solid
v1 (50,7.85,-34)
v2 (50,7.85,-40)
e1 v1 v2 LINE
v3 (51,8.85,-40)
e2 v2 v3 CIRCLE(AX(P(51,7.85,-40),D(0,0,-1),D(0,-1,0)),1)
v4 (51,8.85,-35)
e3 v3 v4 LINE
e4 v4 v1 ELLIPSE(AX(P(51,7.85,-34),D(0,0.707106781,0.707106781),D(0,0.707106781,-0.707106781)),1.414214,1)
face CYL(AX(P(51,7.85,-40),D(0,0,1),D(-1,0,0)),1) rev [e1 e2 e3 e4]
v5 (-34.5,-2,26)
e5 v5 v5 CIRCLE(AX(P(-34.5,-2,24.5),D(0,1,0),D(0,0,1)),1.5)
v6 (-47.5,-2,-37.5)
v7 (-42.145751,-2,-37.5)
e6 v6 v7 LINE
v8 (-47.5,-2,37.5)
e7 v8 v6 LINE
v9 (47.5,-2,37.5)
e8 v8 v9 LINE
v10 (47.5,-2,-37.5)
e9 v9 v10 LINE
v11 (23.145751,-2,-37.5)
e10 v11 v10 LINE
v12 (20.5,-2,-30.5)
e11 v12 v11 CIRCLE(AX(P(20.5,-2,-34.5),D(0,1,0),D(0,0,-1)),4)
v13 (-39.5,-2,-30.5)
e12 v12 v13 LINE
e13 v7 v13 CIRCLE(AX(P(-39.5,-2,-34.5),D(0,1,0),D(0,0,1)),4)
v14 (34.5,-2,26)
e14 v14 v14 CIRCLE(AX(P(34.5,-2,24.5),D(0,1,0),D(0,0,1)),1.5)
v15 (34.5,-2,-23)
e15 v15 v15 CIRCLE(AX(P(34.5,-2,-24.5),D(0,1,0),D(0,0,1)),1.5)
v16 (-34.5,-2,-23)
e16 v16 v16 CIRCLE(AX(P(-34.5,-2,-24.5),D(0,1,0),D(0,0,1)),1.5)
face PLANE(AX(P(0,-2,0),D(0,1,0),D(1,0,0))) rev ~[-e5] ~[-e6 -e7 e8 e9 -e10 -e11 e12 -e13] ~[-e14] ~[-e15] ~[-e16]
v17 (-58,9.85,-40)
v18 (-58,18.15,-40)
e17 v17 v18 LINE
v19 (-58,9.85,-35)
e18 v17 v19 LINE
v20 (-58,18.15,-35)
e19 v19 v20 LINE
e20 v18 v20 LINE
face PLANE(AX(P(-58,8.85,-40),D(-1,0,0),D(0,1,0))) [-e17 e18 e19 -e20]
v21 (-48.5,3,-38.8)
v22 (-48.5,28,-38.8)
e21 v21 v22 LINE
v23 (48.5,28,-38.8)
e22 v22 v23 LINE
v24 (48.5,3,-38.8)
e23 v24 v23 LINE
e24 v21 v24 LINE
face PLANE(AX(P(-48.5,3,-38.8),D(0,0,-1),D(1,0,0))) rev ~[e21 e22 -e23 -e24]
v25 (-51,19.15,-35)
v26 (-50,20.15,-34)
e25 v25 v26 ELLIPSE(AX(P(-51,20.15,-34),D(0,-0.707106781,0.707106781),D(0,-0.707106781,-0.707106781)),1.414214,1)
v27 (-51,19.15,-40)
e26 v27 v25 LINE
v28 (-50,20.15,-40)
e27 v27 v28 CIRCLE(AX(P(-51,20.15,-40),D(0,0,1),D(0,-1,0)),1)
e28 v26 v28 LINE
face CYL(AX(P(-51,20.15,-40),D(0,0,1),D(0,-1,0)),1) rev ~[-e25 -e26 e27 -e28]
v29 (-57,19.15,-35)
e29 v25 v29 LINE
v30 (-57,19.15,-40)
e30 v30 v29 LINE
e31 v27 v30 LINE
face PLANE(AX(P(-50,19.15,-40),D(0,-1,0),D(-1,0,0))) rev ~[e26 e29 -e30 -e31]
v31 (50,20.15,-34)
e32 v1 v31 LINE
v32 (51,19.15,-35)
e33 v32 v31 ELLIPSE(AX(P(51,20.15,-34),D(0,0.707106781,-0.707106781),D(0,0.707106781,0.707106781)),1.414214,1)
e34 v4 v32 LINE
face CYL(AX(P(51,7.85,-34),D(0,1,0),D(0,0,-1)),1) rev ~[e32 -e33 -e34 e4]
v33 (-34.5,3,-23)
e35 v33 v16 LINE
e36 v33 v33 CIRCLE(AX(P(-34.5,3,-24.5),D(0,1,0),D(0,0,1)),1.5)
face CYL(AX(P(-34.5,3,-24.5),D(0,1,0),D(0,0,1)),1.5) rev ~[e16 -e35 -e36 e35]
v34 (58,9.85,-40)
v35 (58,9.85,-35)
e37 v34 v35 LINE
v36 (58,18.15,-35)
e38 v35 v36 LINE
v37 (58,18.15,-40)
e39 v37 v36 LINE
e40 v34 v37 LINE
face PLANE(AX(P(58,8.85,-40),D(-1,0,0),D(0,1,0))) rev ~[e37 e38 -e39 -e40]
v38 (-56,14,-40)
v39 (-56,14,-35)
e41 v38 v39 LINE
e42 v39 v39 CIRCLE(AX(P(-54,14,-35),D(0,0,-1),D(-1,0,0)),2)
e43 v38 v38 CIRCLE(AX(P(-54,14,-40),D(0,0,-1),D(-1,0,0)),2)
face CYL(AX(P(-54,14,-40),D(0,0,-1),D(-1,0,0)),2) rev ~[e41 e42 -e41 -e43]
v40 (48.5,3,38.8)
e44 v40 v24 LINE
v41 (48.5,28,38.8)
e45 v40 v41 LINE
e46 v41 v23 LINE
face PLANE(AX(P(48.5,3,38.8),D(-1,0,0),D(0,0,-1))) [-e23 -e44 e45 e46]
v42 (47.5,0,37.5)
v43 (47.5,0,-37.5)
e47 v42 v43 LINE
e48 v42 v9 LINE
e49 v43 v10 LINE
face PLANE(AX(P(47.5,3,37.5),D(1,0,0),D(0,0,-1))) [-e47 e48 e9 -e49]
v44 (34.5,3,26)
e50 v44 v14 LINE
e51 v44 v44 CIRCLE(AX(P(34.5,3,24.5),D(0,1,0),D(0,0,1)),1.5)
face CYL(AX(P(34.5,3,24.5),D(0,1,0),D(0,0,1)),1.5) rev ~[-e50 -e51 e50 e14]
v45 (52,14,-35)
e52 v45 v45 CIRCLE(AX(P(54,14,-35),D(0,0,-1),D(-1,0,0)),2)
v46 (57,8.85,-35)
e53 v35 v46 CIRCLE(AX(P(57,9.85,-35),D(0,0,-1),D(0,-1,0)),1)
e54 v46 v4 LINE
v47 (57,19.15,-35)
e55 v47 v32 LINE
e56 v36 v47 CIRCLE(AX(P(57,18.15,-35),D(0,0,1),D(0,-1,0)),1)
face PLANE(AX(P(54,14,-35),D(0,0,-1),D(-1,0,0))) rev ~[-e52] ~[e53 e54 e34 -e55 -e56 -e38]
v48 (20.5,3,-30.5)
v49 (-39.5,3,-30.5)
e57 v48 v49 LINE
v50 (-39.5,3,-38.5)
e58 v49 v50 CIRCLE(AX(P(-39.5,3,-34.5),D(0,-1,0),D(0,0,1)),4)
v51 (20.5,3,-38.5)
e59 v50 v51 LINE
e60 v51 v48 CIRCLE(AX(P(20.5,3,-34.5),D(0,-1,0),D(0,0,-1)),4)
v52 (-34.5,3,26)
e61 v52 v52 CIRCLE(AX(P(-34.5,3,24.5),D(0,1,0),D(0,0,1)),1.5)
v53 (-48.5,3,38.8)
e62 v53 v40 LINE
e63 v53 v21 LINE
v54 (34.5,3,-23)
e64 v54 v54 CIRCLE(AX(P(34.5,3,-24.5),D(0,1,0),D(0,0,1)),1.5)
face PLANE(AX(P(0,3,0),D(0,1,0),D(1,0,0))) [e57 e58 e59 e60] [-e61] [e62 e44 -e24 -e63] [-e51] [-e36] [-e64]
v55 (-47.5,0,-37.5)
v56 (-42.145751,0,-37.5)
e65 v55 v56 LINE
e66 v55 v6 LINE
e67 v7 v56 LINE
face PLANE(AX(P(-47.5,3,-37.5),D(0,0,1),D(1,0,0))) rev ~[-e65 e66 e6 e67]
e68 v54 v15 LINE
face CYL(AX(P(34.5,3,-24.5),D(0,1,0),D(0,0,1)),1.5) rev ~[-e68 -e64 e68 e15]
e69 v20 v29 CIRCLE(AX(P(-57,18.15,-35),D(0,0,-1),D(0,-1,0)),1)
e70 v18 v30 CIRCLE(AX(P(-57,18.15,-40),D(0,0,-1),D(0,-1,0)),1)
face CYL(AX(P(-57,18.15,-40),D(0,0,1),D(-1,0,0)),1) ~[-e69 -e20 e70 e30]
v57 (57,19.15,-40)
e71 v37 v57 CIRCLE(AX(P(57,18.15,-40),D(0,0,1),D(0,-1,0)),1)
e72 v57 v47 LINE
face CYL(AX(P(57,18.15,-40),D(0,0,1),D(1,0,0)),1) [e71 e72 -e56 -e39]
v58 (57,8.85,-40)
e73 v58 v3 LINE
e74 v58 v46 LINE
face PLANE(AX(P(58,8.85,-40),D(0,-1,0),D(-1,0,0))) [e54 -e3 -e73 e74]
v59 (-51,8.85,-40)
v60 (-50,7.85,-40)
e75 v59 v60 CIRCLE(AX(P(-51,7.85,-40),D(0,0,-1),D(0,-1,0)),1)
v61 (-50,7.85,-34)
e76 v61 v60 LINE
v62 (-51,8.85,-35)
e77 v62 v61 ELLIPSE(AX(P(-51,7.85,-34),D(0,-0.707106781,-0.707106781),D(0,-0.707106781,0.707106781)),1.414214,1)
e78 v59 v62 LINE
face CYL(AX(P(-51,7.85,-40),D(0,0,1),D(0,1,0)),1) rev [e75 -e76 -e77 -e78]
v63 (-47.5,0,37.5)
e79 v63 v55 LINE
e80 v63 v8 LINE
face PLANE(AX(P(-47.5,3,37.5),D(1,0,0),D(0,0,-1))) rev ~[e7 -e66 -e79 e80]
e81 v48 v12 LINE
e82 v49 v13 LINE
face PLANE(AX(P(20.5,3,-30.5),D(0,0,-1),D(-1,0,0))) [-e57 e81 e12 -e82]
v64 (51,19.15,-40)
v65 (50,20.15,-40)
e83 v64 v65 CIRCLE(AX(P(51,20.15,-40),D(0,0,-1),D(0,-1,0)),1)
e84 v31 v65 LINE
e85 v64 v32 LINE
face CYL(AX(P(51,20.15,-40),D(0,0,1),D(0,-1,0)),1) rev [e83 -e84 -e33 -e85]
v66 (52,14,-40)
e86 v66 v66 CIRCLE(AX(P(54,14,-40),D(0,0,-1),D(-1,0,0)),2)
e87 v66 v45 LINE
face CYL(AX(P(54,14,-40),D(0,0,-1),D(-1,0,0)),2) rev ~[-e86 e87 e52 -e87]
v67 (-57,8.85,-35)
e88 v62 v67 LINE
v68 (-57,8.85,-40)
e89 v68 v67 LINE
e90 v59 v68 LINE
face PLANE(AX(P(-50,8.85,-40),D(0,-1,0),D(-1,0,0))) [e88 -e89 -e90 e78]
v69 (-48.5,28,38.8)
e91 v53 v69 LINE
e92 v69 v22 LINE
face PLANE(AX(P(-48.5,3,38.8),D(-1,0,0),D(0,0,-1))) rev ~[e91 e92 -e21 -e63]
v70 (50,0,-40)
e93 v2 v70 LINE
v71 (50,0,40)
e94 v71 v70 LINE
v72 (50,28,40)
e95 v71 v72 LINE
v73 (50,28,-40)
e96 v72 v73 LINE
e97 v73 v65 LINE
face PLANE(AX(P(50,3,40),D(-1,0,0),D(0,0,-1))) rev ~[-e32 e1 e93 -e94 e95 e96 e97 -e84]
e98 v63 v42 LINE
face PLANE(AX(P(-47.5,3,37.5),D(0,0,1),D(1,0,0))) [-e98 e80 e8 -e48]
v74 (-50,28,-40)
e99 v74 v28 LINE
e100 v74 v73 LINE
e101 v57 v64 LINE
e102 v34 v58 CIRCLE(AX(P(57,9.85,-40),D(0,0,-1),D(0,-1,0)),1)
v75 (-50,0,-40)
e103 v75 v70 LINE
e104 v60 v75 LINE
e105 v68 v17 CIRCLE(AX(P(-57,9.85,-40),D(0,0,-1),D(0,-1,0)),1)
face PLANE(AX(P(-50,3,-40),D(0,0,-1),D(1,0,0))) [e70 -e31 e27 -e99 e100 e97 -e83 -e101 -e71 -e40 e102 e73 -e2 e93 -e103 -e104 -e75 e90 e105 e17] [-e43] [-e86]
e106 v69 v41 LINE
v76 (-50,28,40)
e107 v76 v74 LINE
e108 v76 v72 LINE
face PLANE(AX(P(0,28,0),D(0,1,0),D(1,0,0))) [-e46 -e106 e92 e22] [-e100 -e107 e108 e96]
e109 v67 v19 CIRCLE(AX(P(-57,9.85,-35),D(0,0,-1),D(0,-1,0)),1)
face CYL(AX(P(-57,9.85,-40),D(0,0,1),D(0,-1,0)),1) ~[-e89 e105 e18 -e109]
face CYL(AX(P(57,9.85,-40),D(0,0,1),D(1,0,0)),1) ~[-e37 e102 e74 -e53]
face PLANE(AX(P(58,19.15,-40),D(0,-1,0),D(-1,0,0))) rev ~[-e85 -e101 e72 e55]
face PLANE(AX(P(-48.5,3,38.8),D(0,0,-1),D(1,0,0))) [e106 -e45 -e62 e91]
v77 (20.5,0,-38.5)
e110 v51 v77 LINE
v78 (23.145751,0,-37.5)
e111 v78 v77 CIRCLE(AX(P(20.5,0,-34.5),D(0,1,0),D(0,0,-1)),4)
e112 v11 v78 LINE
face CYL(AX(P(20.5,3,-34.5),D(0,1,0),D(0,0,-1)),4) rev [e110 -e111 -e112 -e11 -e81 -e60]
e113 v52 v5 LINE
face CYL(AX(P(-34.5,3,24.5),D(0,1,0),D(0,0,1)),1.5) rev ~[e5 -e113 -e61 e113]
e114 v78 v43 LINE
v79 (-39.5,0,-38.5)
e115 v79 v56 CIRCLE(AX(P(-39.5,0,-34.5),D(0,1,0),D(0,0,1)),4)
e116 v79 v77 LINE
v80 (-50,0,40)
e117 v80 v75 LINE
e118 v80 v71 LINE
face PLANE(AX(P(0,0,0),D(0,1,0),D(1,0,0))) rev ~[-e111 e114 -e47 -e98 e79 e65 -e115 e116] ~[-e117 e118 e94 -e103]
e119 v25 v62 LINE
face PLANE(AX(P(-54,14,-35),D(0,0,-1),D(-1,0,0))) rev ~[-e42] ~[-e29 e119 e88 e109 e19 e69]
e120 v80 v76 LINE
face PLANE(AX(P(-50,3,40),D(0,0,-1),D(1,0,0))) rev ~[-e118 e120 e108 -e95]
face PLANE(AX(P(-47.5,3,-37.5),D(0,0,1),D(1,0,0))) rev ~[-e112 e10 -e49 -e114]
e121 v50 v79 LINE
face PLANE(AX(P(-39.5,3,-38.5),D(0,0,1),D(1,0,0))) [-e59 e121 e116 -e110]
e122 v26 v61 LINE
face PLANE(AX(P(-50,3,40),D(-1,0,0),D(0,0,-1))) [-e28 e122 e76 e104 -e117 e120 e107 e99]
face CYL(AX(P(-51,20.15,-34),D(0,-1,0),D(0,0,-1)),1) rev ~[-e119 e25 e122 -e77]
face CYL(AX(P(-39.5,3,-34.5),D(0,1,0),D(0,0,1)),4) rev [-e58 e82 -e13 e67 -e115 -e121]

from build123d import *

# Parameters (mm, degrees)
SKETCH1_W           = 100
SKETCH1_H           = 80
BOSS_EXTRUDE1_DEPTH = 3
SKETCH2_W           = 100
SKETCH2_H           = 80
SKETCH2_W_2         = 97
SKETCH2_H_2         = 77.6
BOSS_EXTRUDE2_DEPTH = 25
SKETCH3_R           = 1.5
CUT_EXTRUDE1_DEPTH  = 40
SKETCH4_W           = 95
SKETCH4_H           = 75
BOSS_EXTRUDE3_DEPTH = 5
SKETCH3_2_R         = 1.5
CUT_EXTRUDE2_DEPTH  = 12
SKETCH6_W           = 8
SKETCH6_H           = 10.3
SKETCH6_R           = 2
BOSS_EXTRUDE4_DEPTH = 5
FILLET1_R           = 1
FILLET2_R           = 1
FILLET3_R           = 1
FILLET4_R           = 1
FILLET5_R           = 1
FILLET6_R           = 1
FILLET7_R           = 1
FILLET8_R           = 1
FILLET9_R           = 1
FILLET10_R          = 1


with BuildPart() as part:
    # Sketch1 → Boss-Extrude1 (new body)
    with BuildSketch(Plane(origin=(0, 0, 0), x_dir=(1, 0, 0), z_dir=(0, 1, 0))):
        Rectangle(SKETCH1_W, SKETCH1_H)
    extrude(amount=BOSS_EXTRUDE1_DEPTH)

    # Sketch2 → Boss-Extrude2 (add)
    with BuildSketch(Plane(origin=(0, 3, 0), x_dir=(1, 0, 0), z_dir=(0, 1, 0))):
        Rectangle(SKETCH2_W, SKETCH2_H)
        Rectangle(SKETCH2_W_2, SKETCH2_H_2, mode=Mode.SUBTRACT)
    extrude(amount=BOSS_EXTRUDE2_DEPTH)

    # Sketch3 → Cut-Extrude1 (cut)
    with BuildSketch(Plane(origin=(0, 3, 0), x_dir=(1, 0, 0), z_dir=(0, 1, 0))):
        with Locations((-34.5, 24.5)):
            Circle(SKETCH3_R)
        with Locations((34.5, 24.5)):
            Circle(SKETCH3_R)
        with Locations((-34.5, -24.5)):
            Circle(SKETCH3_R)
        with Locations((34.5, -24.5)):
            Circle(SKETCH3_R)
        with BuildLine():
            Line((-39.5, 38.5), (20.5, 38.5))
            ThreePointArc((20.5, 38.5), (24.5, 34.5), (20.5, 30.5))
            Line((20.5, 30.5), (-39.5, 30.5))
            ThreePointArc((-39.5, 30.5), (-43.5, 34.5), (-39.5, 38.5))
        make_face()
    extrude(amount=-CUT_EXTRUDE1_DEPTH, mode=Mode.SUBTRACT)

    # Sketch4 → Boss-Extrude3 (add)
    with BuildSketch(Plane(origin=(0, 3, 0), x_dir=(1, 0, 0), z_dir=(0, 1, 0))):
        Rectangle(SKETCH4_W, SKETCH4_H)
    extrude(amount=-BOSS_EXTRUDE3_DEPTH)

    # Sketch3<2> → Cut-Extrude2 (cut)
    with BuildSketch(Plane(origin=(0, 3, 0), x_dir=(1, 0, 0), z_dir=(0, 1, 0))):
        with Locations((-34.5, 24.5)):
            Circle(SKETCH3_2_R)
        with Locations((34.5, 24.5)):
            Circle(SKETCH3_2_R)
        with Locations((-34.5, -24.5)):
            Circle(SKETCH3_2_R)
        with Locations((34.5, -24.5)):
            Circle(SKETCH3_2_R)
        with BuildLine():
            Line((-39.5, 38.5), (20.5, 38.5))
            ThreePointArc((20.5, 38.5), (24.5, 34.5), (20.5, 30.5))
            Line((20.5, 30.5), (-39.5, 30.5))
            ThreePointArc((-39.5, 30.5), (-43.5, 34.5), (-39.5, 38.5))
        make_face()
    extrude(amount=-CUT_EXTRUDE2_DEPTH, mode=Mode.SUBTRACT)

    # Sketch6 → Boss-Extrude4 (add)
    # profile 1 of 2: a face of its own
    with BuildSketch(Plane(origin=(0, 0, -40), x_dir=(-1, 0, 0), z_dir=(0, 0, -1))):
        with Locations((-54, 14)):
            Rectangle(SKETCH6_W, SKETCH6_H)
        with Locations((-54, 14)):
            Circle(SKETCH6_R, mode=Mode.SUBTRACT)
    # profile 2 of 2: a face of its own
    with BuildSketch(Plane(origin=(0, 0, -40), x_dir=(-1, 0, 0), z_dir=(0, 0, -1))):
        with Locations((54, 14)):
            Rectangle(SKETCH6_W, SKETCH6_H)
        with Locations((54, 14)):
            Circle(SKETCH6_R, mode=Mode.SUBTRACT)
    extrude(amount=-BOSS_EXTRUDE4_DEPTH)

    # Fillet1
    fillet1_edges = [part.edges().sort_by_distance(p)[0] for p in [
        (50, 8.85, -37.5),
    ]]
    fillet(fillet1_edges, radius=FILLET1_R)

    # Fillet2
    fillet2_edges = [part.edges().sort_by_distance(p)[0] for p in [
        (58, 8.85, -37.5),
    ]]
    fillet(fillet2_edges, radius=FILLET2_R)

    # Fillet3
    fillet3_edges = [part.edges().sort_by_distance(p)[0] for p in [
        (58, 19.15, -37.5),
    ]]
    fillet(fillet3_edges, radius=FILLET3_R)

    # Fillet4
    fillet4_edges = [part.edges().sort_by_distance(p)[0] for p in [
        (50, 19.15, -37.5),
    ]]
    fillet(fillet4_edges, radius=FILLET4_R)

    # Fillet5
    fillet5_edges = [part.edges().sort_by_distance(p)[0] for p in [
        (50, 14, -35),
    ]]
    fillet(fillet5_edges, radius=FILLET5_R)

    # Fillet6
    fillet6_edges = [part.edges().sort_by_distance(p)[0] for p in [
        (-58, 8.85, -37.5),
    ]]
    fillet(fillet6_edges, radius=FILLET6_R)

    # Fillet7
    fillet7_edges = [part.edges().sort_by_distance(p)[0] for p in [
        (-58, 19.15, -37.5),
    ]]
    fillet(fillet7_edges, radius=FILLET7_R)

    # Fillet8
    fillet8_edges = [part.edges().sort_by_distance(p)[0] for p in [
        (-50, 19.15, -37.5),
    ]]
    fillet(fillet8_edges, radius=FILLET8_R)

    # Fillet9
    fillet9_edges = [part.edges().sort_by_distance(p)[0] for p in [
        (-50, 8.85, -37.5),
    ]]
    fillet(fillet9_edges, radius=FILLET9_R)

    # Fillet10
    fillet10_edges = [part.edges().sort_by_distance(p)[0] for p in [
        (-50, 14, -35),
    ]]
    fillet(fillet10_edges, radius=FILLET10_R)


solid = part.part
